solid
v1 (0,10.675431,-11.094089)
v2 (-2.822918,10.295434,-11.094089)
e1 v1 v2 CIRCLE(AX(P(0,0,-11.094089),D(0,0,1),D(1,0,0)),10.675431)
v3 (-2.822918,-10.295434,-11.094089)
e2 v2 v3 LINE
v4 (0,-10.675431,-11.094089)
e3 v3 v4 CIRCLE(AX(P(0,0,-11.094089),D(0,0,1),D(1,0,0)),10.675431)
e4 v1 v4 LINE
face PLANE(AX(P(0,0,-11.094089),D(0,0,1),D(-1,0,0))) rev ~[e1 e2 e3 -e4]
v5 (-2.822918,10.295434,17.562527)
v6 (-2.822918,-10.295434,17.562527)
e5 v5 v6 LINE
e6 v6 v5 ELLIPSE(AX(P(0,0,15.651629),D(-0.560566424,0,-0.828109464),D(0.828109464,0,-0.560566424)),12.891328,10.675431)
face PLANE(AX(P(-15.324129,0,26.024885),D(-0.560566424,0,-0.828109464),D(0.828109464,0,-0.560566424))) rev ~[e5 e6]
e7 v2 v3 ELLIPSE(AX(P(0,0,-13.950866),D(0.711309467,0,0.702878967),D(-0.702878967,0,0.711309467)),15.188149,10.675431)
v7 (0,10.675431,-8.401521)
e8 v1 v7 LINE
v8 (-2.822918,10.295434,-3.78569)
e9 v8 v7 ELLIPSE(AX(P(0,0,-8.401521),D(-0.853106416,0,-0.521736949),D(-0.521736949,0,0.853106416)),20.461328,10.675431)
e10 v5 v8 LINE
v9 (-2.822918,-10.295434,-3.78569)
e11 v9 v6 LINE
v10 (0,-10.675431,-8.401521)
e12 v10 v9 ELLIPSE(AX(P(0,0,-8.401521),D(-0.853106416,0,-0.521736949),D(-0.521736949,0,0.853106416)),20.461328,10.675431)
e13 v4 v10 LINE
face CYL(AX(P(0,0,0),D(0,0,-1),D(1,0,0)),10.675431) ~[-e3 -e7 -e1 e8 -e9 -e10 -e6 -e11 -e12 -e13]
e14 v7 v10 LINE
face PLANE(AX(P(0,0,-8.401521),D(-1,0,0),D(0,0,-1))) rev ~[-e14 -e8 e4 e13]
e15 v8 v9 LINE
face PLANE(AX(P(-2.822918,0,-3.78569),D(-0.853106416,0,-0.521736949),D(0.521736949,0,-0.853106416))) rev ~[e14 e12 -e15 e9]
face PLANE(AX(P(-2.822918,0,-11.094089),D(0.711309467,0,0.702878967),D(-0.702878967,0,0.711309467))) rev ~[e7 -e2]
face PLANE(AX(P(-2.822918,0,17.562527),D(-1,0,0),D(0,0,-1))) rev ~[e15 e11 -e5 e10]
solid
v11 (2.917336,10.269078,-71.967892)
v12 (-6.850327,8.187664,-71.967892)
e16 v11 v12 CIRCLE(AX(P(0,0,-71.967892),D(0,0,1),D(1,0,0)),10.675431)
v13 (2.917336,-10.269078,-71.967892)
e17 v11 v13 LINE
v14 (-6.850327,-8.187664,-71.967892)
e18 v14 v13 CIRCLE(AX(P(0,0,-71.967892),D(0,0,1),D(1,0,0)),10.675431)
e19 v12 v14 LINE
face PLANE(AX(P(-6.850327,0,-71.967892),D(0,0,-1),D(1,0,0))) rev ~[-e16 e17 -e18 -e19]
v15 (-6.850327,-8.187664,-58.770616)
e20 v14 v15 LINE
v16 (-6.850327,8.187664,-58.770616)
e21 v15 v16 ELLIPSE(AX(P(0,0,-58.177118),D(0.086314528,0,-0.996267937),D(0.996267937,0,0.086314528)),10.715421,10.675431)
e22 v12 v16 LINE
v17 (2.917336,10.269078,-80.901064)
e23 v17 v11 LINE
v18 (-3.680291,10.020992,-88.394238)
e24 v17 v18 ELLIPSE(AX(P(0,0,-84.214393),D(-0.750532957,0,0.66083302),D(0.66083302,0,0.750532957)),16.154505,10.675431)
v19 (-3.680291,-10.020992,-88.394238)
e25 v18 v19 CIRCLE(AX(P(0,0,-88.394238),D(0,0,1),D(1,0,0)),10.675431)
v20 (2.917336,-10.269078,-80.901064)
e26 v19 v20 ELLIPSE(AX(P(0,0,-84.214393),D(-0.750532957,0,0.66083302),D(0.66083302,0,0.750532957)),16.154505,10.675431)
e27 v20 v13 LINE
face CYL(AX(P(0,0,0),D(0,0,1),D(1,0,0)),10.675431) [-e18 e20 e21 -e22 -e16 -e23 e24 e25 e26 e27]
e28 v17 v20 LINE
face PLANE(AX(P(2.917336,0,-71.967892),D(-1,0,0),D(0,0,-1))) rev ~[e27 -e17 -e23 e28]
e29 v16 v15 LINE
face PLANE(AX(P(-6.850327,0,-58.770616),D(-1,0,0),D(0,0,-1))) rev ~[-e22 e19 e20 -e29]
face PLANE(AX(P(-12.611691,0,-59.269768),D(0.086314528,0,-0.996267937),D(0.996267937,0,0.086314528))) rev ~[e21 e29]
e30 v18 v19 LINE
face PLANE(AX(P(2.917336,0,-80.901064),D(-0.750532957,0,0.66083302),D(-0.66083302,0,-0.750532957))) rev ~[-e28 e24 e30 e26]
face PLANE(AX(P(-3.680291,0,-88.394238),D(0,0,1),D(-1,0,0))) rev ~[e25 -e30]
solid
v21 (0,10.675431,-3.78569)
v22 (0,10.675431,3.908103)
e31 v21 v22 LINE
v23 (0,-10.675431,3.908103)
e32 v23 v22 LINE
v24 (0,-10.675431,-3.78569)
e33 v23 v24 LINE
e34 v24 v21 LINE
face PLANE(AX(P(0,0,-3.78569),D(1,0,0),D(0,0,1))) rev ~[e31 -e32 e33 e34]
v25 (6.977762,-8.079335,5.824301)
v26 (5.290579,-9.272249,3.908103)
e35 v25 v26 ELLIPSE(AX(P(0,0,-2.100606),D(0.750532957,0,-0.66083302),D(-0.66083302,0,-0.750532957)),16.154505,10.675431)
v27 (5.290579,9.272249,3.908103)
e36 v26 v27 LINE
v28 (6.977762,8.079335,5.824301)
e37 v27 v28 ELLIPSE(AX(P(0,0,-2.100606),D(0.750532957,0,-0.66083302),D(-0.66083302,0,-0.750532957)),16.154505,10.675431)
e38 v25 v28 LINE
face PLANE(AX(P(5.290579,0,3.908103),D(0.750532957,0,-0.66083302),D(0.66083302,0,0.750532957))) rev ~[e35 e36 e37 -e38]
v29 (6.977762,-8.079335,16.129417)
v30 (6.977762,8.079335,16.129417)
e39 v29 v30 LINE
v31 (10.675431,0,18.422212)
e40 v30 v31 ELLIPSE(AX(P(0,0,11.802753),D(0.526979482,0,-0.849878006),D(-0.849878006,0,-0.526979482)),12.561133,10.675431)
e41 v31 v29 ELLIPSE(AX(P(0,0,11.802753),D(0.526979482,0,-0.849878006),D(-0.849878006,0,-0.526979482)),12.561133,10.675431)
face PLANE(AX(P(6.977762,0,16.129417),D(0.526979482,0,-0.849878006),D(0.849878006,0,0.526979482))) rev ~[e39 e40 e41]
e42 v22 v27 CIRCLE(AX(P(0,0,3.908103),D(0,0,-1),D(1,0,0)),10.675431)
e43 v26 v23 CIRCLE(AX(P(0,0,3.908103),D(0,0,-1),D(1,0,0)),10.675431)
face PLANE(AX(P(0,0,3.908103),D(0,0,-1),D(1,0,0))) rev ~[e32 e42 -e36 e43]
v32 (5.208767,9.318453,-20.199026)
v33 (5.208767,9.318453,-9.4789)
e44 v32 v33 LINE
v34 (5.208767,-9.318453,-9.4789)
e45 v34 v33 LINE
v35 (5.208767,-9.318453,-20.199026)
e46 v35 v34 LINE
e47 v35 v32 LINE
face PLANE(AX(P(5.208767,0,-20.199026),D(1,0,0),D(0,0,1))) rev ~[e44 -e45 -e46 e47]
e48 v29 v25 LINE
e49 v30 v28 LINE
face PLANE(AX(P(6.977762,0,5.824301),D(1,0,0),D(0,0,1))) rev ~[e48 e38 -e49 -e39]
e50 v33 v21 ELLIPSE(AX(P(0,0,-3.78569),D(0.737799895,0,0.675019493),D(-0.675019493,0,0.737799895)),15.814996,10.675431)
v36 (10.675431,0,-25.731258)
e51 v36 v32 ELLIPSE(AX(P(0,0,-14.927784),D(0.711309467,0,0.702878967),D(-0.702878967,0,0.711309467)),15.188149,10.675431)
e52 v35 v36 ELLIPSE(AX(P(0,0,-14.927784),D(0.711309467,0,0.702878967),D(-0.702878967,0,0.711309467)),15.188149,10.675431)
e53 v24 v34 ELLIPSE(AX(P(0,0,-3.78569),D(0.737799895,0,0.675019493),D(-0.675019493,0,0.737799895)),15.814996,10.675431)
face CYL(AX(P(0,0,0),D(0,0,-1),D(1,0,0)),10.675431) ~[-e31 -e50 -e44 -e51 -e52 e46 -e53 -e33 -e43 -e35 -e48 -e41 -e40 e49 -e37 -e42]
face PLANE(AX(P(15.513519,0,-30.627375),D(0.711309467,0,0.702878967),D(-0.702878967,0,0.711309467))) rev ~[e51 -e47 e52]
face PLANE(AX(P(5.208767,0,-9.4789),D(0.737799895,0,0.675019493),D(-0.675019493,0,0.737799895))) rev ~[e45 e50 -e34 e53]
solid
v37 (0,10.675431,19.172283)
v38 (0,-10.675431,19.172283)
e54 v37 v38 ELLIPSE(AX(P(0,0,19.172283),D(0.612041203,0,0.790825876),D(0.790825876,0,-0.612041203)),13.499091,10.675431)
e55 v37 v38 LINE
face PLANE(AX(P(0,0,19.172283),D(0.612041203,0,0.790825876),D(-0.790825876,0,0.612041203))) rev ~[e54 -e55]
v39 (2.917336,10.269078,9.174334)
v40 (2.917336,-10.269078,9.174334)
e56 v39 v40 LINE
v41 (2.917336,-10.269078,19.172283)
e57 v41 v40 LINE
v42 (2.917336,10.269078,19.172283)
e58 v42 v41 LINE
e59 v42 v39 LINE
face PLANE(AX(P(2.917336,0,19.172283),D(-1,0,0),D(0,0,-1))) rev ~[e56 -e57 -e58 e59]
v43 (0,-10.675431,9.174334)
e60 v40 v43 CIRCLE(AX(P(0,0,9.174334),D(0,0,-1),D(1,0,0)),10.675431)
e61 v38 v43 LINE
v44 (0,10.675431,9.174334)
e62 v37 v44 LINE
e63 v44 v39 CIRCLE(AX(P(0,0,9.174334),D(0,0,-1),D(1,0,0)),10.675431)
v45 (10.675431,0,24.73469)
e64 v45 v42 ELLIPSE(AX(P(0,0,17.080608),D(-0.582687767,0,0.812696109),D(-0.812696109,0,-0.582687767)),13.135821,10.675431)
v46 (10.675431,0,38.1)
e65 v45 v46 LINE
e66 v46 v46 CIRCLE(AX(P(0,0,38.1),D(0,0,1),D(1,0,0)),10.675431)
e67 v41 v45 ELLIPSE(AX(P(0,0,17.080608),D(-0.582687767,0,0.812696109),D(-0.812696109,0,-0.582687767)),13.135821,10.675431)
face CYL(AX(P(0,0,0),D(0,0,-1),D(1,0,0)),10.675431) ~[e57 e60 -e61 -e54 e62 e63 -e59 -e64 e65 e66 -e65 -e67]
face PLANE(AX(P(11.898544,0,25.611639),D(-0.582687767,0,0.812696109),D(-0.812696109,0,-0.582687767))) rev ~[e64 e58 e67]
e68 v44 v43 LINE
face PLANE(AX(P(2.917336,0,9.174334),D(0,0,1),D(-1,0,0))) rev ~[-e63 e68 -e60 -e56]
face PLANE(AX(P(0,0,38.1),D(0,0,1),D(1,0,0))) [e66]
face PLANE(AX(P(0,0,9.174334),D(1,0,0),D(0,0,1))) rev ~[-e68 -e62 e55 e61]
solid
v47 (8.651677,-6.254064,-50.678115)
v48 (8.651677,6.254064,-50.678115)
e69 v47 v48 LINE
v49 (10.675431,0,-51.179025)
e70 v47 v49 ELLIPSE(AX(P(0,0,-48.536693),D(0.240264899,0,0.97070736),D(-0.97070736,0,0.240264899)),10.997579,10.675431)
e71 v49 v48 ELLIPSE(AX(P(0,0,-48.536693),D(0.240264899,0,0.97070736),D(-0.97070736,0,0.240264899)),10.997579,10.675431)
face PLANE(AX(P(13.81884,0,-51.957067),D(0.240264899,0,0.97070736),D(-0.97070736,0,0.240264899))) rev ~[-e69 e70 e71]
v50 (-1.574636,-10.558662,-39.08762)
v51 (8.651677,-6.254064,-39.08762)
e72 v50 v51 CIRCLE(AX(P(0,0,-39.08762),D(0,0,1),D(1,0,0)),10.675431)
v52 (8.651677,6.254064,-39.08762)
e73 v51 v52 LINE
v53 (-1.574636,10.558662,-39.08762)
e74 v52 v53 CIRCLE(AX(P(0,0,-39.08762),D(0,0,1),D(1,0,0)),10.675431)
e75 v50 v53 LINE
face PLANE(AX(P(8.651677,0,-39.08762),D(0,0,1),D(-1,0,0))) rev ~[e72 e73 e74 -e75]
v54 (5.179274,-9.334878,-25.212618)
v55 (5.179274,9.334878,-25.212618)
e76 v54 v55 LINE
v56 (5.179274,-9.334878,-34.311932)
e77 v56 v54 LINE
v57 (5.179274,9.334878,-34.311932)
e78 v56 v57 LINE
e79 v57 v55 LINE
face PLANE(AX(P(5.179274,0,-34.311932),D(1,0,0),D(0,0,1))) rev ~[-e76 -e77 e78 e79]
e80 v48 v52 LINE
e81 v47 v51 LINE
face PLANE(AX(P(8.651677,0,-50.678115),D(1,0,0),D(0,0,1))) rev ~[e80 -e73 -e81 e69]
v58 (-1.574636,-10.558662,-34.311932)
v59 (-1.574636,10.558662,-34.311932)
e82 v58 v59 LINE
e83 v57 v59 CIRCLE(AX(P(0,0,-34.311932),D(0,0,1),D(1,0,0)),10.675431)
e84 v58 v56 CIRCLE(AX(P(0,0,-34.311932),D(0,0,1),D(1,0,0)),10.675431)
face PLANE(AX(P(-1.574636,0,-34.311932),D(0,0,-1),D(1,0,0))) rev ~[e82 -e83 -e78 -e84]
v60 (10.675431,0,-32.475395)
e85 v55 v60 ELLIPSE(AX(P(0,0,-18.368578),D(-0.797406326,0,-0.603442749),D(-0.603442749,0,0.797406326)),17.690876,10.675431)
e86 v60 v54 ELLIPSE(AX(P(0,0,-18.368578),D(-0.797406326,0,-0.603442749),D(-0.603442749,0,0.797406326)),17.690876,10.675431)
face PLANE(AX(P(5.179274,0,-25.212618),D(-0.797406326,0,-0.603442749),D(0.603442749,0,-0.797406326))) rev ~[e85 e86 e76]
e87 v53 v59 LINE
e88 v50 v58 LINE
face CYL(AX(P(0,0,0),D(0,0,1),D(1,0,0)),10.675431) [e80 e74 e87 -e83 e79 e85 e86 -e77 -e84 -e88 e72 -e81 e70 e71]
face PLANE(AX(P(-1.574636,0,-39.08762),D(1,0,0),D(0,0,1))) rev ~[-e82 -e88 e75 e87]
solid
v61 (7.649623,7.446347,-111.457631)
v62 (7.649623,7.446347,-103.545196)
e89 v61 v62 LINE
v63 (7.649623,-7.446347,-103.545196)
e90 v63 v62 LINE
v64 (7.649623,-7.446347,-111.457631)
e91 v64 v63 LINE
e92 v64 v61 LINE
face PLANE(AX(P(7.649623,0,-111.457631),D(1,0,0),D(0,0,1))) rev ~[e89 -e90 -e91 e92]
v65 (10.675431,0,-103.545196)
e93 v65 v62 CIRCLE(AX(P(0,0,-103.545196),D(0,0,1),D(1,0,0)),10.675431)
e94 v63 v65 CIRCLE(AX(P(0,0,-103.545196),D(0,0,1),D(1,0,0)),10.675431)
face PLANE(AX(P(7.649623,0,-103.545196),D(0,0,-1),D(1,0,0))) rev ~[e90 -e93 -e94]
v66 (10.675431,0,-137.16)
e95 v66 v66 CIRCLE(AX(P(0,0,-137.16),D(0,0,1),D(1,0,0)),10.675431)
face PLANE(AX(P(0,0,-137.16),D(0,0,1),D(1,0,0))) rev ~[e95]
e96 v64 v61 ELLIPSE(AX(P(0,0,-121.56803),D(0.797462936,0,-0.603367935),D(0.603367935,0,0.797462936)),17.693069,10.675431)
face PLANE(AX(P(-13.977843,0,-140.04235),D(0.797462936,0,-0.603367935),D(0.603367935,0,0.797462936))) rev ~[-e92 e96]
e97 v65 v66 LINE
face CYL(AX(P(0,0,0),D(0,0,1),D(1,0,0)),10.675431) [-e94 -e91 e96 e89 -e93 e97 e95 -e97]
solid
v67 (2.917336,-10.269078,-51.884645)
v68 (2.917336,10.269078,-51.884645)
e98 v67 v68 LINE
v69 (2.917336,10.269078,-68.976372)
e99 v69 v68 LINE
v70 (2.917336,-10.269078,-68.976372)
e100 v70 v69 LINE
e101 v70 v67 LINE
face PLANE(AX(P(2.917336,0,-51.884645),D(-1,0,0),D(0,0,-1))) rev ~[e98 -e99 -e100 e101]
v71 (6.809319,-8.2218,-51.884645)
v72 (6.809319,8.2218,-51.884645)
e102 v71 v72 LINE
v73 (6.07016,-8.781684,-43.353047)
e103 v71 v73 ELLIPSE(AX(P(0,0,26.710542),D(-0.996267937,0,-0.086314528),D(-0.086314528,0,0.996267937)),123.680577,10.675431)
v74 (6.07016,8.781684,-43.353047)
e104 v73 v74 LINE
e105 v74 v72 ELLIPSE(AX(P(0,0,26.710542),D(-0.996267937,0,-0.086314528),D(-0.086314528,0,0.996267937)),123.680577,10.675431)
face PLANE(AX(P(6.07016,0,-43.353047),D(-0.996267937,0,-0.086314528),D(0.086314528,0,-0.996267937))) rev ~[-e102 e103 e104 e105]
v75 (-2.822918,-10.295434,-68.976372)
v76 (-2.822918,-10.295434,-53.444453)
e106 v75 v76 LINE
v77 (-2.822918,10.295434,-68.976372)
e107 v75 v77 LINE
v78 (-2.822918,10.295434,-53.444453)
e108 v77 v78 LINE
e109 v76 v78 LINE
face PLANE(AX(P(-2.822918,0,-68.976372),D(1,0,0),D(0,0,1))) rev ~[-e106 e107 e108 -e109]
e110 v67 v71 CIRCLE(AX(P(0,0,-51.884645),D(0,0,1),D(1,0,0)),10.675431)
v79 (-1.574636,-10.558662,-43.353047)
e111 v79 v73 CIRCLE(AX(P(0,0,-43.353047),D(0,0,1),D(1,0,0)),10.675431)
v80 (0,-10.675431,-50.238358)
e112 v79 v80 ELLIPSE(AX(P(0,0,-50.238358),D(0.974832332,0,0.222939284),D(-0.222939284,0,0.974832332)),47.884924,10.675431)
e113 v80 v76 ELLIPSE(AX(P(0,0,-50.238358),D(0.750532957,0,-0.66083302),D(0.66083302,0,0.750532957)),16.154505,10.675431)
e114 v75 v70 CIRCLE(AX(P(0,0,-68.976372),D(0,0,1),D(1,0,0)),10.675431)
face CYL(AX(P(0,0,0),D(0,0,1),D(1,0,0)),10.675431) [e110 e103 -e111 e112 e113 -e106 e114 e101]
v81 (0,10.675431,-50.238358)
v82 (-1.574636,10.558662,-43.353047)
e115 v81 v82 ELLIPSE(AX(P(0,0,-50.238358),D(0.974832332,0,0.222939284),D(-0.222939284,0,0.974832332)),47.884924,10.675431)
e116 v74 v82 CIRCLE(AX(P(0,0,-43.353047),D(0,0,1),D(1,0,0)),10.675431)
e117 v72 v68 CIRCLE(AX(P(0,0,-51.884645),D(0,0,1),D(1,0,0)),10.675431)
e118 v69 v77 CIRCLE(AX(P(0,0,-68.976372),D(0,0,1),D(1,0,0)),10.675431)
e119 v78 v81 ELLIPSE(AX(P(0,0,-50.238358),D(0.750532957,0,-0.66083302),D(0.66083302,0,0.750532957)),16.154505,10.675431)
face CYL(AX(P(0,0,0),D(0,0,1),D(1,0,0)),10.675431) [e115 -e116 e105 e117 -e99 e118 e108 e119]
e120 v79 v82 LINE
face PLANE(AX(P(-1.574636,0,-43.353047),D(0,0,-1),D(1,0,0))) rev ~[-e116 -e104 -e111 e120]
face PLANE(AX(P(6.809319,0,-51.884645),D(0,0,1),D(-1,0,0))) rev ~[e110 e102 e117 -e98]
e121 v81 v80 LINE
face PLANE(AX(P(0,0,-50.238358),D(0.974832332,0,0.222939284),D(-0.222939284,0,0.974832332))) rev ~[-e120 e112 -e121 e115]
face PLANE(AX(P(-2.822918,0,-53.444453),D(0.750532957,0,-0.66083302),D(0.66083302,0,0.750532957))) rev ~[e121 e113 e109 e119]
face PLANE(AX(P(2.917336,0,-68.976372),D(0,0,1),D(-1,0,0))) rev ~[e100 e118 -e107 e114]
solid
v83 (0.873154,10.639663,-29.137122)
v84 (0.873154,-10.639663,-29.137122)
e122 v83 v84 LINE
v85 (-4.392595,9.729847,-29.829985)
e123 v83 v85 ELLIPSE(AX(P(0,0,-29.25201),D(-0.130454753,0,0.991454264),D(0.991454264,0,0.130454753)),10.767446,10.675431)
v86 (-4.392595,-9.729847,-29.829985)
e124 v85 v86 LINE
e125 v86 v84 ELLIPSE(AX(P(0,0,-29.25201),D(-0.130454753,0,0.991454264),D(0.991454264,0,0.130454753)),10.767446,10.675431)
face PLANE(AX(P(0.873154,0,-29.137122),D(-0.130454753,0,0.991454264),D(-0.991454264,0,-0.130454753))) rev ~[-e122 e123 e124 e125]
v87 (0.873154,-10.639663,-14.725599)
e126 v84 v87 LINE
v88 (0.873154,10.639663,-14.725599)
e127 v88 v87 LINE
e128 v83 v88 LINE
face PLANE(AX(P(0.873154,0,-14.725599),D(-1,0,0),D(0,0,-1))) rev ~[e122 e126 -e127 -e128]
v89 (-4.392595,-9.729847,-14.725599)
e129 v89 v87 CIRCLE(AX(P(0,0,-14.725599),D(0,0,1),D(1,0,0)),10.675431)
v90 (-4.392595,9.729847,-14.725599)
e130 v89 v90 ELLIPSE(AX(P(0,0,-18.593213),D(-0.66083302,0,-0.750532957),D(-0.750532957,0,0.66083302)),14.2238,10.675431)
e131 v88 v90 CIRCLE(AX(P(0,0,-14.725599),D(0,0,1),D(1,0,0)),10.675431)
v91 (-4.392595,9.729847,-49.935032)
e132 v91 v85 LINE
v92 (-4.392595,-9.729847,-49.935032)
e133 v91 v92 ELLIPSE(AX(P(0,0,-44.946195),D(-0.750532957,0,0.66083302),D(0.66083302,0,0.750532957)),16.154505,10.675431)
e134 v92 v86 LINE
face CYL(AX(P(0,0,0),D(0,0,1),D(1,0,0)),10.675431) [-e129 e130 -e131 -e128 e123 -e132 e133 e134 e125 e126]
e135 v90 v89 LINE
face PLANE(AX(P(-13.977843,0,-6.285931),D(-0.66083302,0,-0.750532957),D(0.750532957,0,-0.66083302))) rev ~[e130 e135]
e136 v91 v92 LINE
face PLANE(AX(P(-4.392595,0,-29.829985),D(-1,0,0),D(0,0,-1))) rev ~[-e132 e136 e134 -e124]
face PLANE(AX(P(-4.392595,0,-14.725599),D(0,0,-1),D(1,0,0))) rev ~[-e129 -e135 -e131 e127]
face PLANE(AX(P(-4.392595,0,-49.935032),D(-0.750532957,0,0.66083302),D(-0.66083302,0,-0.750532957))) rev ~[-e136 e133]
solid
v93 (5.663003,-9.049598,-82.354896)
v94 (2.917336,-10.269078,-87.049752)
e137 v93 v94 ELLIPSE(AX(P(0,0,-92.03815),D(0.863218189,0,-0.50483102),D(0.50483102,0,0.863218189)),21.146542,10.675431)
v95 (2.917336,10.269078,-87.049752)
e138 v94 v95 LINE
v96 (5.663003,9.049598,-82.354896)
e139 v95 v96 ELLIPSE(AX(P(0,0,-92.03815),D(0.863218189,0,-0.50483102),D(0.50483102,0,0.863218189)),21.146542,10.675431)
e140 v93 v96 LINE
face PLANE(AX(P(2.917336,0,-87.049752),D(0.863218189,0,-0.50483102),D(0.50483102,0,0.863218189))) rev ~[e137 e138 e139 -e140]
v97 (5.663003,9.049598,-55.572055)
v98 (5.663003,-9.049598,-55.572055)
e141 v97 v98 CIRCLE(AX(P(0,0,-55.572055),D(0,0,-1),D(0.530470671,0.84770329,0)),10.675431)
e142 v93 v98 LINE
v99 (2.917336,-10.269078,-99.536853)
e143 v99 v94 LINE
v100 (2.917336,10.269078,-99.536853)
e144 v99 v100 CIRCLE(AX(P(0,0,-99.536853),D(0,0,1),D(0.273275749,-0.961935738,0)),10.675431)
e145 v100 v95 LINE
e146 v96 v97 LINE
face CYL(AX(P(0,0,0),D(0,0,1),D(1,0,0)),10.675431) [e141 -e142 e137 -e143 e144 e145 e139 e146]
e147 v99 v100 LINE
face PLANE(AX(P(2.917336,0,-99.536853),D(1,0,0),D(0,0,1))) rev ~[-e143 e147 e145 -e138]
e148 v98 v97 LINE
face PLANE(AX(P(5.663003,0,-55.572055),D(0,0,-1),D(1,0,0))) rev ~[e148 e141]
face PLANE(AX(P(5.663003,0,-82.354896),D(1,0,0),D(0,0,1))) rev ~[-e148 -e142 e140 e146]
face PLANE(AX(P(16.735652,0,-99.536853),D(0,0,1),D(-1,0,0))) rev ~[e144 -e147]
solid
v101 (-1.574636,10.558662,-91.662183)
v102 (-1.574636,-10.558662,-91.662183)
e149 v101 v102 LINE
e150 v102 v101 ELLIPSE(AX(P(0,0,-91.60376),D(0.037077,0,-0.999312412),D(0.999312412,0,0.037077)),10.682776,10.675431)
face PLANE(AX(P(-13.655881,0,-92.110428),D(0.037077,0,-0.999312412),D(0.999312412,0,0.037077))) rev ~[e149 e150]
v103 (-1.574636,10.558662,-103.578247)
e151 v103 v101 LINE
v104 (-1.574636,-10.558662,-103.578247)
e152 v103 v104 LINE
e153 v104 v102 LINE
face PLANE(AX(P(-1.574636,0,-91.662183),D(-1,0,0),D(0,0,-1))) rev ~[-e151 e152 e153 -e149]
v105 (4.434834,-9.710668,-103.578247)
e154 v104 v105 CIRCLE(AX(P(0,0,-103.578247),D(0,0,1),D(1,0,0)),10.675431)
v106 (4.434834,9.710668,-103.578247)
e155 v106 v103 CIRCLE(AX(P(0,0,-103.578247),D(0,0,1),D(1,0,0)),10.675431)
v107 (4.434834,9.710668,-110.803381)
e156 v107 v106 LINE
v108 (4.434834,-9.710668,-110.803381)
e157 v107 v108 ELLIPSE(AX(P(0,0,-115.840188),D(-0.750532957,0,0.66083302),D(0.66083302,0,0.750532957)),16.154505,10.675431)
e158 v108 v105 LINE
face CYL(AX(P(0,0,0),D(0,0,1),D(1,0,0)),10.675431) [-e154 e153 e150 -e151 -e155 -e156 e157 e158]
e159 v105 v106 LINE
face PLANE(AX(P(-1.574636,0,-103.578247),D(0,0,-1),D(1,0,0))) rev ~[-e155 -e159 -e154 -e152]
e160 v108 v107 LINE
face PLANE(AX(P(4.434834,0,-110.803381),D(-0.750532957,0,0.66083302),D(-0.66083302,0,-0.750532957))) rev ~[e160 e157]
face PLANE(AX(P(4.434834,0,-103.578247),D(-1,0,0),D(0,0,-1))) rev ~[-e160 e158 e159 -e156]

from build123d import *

# Parameters (mm, degrees)
F0_R     = 10.675430612
F1_DEPTH = 137.16
F2_DEPTH = 38.1
F4_DEPTH = 17.78


with BuildPart() as f1:
    # F0 (on Top) → F1 (new body)
    with BuildSketch(Plane.XY):
        Circle(F0_R)
    extrude(amount=-F1_DEPTH)

    # F2 (add): a face of the model
    f2_faces = [f1.faces().sort_by_distance(p)[0] for p in [
        (0, 0, 0),
    ]]
    extrude(f2_faces, amount=F2_DEPTH)

    # F3 (on Front) → F4 (cut, symmetric)
    with BuildSketch(Plane.XZ):
        Polygon((15.7361086458, 21.5601604432), (11.8985436857, 25.6116390228), (2.9173363, 19.1722828895), (2.9173363, 9.1743338853), (0, 9.1743338853), (0, 19.1722828895), (-17.0550644398, 32.3716513813), (-15.3241287917, 26.0248854756), (-2.8229181189, 17.5625272095), (-2.8229181189, -3.7856895942), (0, -8.4015205503), (0, -11.0940886661), (-2.8229181189, -11.0940886661), (-13.7855187058, 0), (-17.0550644398, -8.4015205503), (-13.9778433368, -6.2859314494), (-4.392595496, -14.7255985066), (0.8731535636, -14.7255985066), (0.8731535636, -29.1371215135), (-4.392595496, -29.8299845308), (-4.392595496, -49.9350316823), (-12.6116908069, -59.2697678805), (-6.8503268994, -58.7706156075), (-6.8503268994, -71.9678923488), (2.9173363, -71.9678923488), (2.9173363, -80.9010639787), (-3.6802912408, -88.3942381419), (-13.9778433368, -88.3942381419), (-13.6558805862, -92.110427912), (-1.5746362042, -91.662183404), (-1.5746362042, -103.5782471299), (4.4348337688, -103.5782471299), (4.4348337688, -110.8033806086), (-17.0550644398, -135.2102676343), (-13.9778433368, -140.0423496962), (7.6496228576, -111.4576309919), (7.6496228576, -103.5451963544), (17.0829258859, -103.5451963544), (16.7356515435, -99.5368526672), (2.9173363, -99.5368526672), (2.9173363, -87.0497524738), (5.6630028412, -82.3548957705), (5.6630028412, -55.5720552802), (13.8188395649, -55.5720552802), (13.8188395649, -51.9570671022), (8.6516765878, -50.6781153381), (8.6516765878, -39.0876196325), (-1.5746362042, -39.0876196325), (-1.5746362042, -34.3119315803), (5.1792738959, -34.3119315803), (5.1792738959, -25.212617591), (12.1595710516, -34.4365797937), (15.5135185486, -30.6273752617), (5.2087670282, -20.1990260627), (5.2087670282, -9.4788996503), (0, -3.7856895942), (0, 3.9081033319), (5.2905785851, 3.9081033319), (6.9777617314, 5.8243007956), (6.9777617314, 16.1294173449), align=None)
        Polygon((0, -50.2383581229), (-1.5746362042, -43.3530472219), (6.0701598413, -43.3530472219), (6.8093192667, -51.8846450228), (2.9173363, -51.8846450228), (2.9173363, -68.9763724804), (-2.8229181189, -68.9763724804), (-2.8229181189, -53.4444525838), align=None, mode=Mode.SUBTRACT)
    extrude(amount=F4_DEPTH, both=True, mode=Mode.SUBTRACT)


solid = f1.part
